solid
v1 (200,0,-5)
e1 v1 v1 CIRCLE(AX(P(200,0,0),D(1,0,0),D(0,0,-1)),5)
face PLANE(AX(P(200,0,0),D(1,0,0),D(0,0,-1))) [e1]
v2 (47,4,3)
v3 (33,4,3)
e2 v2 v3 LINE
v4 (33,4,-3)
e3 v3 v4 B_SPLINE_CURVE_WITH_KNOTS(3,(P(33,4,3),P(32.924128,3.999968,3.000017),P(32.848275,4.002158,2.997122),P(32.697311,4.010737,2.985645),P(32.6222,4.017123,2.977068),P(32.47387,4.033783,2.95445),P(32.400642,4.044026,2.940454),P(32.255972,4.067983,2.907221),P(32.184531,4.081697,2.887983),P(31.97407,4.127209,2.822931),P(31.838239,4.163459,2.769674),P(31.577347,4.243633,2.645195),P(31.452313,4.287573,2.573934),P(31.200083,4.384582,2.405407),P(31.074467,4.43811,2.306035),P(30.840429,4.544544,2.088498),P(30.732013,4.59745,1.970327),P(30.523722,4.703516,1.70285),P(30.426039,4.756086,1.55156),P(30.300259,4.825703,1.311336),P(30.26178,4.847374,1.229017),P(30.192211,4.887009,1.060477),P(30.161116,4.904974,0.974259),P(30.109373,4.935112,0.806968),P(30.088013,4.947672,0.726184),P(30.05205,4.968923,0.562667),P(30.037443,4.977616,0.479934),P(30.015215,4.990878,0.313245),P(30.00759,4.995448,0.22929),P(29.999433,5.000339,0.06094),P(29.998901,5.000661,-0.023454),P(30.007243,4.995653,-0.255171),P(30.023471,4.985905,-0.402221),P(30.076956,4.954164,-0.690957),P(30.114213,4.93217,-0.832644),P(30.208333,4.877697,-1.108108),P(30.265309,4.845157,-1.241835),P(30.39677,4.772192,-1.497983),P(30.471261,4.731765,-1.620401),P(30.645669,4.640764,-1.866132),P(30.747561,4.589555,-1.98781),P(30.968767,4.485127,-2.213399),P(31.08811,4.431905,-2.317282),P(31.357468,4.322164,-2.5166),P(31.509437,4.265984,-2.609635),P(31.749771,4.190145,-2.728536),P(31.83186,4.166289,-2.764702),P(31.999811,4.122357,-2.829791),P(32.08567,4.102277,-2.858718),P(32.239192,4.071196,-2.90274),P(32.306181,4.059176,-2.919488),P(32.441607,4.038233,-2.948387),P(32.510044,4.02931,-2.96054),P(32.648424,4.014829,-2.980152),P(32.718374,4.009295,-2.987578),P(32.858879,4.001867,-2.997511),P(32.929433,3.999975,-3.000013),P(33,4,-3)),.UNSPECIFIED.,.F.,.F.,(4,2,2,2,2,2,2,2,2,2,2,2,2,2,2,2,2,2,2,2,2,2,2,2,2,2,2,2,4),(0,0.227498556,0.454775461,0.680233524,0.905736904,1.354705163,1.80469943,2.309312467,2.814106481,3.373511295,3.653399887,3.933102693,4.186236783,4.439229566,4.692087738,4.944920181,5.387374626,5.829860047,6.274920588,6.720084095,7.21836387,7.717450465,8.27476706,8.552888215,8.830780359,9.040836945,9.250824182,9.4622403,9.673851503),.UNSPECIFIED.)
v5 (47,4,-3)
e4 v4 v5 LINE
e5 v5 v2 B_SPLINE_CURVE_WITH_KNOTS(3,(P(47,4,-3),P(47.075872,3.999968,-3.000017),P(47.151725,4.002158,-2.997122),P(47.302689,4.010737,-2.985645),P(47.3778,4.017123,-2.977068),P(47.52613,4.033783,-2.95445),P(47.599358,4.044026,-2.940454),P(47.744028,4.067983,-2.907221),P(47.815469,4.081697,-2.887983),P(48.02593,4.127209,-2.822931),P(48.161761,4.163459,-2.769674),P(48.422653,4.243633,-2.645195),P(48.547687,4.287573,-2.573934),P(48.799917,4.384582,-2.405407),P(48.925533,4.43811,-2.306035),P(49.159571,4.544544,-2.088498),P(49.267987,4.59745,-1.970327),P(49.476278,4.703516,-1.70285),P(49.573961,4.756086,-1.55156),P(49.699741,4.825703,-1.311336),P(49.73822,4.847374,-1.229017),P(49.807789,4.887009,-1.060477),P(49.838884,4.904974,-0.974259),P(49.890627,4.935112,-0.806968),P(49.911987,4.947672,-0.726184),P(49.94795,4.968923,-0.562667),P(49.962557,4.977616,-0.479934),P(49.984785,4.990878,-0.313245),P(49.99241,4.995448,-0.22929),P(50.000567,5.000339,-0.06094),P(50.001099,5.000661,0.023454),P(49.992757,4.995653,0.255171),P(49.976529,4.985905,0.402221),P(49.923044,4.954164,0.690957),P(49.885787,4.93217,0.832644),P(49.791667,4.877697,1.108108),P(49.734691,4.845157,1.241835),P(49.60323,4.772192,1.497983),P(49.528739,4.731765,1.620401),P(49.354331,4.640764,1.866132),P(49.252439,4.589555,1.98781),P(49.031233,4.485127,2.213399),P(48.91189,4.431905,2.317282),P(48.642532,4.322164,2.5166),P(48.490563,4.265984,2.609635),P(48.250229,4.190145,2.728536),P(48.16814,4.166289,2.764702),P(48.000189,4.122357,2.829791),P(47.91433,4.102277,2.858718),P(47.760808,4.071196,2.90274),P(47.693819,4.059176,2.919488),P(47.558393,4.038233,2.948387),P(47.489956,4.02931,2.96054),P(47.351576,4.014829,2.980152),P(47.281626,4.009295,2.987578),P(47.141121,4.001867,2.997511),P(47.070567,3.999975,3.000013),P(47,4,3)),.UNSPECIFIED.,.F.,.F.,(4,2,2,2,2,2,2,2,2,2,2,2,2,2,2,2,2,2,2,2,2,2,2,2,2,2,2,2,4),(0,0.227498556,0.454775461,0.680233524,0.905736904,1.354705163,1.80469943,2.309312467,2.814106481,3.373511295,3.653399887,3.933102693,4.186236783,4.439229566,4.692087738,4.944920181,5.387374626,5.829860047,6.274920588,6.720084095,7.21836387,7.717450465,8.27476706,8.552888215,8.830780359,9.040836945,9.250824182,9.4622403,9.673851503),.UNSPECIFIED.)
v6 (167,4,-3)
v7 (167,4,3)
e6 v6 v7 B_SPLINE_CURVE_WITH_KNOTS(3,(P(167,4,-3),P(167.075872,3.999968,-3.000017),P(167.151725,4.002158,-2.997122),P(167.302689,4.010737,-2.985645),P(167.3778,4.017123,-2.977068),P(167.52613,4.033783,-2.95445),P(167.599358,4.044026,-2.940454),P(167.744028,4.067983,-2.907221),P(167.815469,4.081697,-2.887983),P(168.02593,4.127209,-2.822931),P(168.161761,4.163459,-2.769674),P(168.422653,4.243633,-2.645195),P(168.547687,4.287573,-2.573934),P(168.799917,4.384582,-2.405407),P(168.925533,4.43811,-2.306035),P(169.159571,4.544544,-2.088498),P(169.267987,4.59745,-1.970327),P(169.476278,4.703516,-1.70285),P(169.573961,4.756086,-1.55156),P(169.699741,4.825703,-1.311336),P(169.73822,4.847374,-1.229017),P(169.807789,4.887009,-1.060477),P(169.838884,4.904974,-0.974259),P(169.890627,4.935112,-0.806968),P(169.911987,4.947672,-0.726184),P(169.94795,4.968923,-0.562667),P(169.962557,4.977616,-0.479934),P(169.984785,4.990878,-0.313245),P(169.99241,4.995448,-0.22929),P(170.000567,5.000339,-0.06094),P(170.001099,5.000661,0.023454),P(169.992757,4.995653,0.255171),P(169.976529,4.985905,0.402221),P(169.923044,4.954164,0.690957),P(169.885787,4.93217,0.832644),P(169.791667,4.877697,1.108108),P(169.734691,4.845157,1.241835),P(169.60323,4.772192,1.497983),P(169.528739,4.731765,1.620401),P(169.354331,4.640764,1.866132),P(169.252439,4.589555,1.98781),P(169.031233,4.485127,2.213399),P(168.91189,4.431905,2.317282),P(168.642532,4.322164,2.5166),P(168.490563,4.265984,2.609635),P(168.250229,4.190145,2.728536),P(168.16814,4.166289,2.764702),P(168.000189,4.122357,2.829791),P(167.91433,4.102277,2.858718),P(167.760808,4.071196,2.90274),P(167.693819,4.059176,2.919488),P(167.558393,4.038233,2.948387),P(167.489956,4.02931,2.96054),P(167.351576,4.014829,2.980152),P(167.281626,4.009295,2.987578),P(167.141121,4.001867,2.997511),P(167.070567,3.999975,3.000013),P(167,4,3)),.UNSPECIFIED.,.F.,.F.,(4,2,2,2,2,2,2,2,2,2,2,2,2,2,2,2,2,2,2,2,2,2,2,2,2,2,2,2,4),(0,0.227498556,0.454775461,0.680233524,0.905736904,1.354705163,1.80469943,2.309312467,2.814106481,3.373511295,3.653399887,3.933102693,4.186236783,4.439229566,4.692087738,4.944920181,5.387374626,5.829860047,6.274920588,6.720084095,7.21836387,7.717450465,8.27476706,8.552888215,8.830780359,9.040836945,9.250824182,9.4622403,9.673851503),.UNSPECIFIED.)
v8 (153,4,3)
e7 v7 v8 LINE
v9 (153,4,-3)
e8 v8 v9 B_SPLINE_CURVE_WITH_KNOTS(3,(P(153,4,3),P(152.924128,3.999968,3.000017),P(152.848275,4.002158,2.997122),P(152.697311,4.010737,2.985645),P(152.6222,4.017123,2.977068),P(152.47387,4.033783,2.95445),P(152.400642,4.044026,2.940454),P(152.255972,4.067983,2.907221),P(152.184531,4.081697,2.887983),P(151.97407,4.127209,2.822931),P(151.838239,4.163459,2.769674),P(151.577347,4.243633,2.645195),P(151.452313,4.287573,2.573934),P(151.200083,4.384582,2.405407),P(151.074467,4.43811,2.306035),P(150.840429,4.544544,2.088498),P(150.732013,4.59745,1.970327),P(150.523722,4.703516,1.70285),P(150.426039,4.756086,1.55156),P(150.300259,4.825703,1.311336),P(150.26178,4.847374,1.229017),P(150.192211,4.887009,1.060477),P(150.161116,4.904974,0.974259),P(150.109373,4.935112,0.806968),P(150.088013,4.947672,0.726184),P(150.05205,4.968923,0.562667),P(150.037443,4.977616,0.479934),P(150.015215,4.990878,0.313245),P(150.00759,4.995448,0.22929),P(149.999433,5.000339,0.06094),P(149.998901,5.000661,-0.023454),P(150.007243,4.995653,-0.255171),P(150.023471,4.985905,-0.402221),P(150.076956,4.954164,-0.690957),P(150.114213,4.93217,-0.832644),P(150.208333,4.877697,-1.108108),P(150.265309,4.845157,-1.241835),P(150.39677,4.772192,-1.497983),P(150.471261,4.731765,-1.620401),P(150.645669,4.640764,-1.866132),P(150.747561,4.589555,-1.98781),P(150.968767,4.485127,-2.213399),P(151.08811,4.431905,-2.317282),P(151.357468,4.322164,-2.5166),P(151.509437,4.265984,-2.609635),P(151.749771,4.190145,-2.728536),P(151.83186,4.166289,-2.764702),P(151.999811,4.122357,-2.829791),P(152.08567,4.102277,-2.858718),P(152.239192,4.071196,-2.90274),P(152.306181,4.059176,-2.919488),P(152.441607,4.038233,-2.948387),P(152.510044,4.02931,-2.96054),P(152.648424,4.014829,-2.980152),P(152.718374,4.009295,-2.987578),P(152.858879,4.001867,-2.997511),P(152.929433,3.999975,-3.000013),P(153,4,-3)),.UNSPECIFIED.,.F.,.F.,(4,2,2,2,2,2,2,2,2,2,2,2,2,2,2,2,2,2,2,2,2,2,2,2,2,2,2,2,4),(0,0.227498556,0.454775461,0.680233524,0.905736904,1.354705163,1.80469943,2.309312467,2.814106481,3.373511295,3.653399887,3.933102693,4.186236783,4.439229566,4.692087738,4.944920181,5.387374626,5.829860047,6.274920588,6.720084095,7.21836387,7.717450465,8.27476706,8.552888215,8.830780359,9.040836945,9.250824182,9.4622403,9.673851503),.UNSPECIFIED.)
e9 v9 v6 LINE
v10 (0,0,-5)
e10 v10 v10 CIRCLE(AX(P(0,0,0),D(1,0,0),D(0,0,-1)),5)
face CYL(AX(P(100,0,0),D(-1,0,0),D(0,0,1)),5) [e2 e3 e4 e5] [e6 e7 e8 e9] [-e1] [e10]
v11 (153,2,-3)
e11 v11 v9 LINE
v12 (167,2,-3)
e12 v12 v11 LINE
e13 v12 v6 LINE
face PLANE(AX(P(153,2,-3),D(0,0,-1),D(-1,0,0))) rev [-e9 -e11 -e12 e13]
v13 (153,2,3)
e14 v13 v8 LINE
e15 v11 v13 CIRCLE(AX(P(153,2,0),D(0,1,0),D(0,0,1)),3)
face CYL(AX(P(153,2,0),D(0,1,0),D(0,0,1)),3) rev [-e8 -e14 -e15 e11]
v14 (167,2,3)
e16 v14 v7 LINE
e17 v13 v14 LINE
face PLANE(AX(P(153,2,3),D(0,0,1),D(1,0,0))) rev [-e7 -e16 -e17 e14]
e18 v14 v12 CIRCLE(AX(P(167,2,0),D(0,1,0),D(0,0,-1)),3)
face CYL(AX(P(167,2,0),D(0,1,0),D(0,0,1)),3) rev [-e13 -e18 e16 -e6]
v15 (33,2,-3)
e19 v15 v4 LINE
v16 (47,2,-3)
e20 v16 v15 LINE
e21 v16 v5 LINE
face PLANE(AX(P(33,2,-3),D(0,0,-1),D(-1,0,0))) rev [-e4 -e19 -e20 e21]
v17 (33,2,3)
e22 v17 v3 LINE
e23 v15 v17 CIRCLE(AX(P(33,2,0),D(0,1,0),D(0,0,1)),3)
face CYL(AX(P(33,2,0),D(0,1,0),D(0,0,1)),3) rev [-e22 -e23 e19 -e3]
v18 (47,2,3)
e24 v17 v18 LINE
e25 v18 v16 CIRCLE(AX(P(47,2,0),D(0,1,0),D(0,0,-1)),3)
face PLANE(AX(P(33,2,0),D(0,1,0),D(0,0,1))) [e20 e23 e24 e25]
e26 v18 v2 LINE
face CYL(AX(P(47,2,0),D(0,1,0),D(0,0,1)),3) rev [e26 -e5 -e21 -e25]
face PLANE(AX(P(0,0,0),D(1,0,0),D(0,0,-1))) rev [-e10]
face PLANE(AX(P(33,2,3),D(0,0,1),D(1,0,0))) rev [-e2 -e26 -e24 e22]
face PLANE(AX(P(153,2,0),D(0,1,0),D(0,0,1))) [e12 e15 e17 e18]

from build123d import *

# Parameters (mm, degrees)
SKETCH_1_R          = 5
EXTRUDE_1_DEPTH     = 100
CUT_EXTRUDE_1_DEPTH = 3
SKETCH_3_R          = 5
EXTRUDE_2_DEPTH     = 100
CUT_EXTRUDE_2_DEPTH = 3


with BuildPart() as part:
    # 草图1 → 凸台-拉伸1 (new body)
    with BuildSketch(Plane(origin=(0, 0, 0), x_dir=(0, 0, -1), z_dir=(1, 0, 0))):
        Circle(SKETCH_1_R)
    extrude(amount=EXTRUDE_1_DEPTH)

    # 草图2 → 切除-拉伸1 (cut)
    with BuildSketch(Plane(origin=(0, 5, 0), x_dir=(1, 0, 0), z_dir=(0, 1, 0))):
        with BuildLine():
            Line((33, 3), (47, 3))
            ThreePointArc((47, 3), (50, 0), (47, -3))
            Line((47, -3), (33, -3))
            ThreePointArc((33, -3), (30, 0), (33, 3))
        make_face()
    extrude(amount=-CUT_EXTRUDE_1_DEPTH, mode=Mode.SUBTRACT)

    # 草图3 → 凸台-拉伸2 (add)
    with BuildSketch(Plane(origin=(100, 0, 0), x_dir=(0, 0, -1), z_dir=(1, 0, 0))):
        Circle(SKETCH_3_R)
    extrude(amount=EXTRUDE_2_DEPTH)

    # 草图4 → 切除-拉伸2 (cut)
    with BuildSketch(Plane(origin=(0, 5, 0), x_dir=(1, 0, 0), z_dir=(0, 1, 0))):
        with BuildLine():
            Line((153, 3), (167, 3))
            ThreePointArc((167, 3), (170, 0), (167, -3))
            Line((167, -3), (153, -3))
            ThreePointArc((153, -3), (150, 0), (153, 3))
        make_face()
    extrude(amount=-CUT_EXTRUDE_2_DEPTH, mode=Mode.SUBTRACT)


solid = part.part
